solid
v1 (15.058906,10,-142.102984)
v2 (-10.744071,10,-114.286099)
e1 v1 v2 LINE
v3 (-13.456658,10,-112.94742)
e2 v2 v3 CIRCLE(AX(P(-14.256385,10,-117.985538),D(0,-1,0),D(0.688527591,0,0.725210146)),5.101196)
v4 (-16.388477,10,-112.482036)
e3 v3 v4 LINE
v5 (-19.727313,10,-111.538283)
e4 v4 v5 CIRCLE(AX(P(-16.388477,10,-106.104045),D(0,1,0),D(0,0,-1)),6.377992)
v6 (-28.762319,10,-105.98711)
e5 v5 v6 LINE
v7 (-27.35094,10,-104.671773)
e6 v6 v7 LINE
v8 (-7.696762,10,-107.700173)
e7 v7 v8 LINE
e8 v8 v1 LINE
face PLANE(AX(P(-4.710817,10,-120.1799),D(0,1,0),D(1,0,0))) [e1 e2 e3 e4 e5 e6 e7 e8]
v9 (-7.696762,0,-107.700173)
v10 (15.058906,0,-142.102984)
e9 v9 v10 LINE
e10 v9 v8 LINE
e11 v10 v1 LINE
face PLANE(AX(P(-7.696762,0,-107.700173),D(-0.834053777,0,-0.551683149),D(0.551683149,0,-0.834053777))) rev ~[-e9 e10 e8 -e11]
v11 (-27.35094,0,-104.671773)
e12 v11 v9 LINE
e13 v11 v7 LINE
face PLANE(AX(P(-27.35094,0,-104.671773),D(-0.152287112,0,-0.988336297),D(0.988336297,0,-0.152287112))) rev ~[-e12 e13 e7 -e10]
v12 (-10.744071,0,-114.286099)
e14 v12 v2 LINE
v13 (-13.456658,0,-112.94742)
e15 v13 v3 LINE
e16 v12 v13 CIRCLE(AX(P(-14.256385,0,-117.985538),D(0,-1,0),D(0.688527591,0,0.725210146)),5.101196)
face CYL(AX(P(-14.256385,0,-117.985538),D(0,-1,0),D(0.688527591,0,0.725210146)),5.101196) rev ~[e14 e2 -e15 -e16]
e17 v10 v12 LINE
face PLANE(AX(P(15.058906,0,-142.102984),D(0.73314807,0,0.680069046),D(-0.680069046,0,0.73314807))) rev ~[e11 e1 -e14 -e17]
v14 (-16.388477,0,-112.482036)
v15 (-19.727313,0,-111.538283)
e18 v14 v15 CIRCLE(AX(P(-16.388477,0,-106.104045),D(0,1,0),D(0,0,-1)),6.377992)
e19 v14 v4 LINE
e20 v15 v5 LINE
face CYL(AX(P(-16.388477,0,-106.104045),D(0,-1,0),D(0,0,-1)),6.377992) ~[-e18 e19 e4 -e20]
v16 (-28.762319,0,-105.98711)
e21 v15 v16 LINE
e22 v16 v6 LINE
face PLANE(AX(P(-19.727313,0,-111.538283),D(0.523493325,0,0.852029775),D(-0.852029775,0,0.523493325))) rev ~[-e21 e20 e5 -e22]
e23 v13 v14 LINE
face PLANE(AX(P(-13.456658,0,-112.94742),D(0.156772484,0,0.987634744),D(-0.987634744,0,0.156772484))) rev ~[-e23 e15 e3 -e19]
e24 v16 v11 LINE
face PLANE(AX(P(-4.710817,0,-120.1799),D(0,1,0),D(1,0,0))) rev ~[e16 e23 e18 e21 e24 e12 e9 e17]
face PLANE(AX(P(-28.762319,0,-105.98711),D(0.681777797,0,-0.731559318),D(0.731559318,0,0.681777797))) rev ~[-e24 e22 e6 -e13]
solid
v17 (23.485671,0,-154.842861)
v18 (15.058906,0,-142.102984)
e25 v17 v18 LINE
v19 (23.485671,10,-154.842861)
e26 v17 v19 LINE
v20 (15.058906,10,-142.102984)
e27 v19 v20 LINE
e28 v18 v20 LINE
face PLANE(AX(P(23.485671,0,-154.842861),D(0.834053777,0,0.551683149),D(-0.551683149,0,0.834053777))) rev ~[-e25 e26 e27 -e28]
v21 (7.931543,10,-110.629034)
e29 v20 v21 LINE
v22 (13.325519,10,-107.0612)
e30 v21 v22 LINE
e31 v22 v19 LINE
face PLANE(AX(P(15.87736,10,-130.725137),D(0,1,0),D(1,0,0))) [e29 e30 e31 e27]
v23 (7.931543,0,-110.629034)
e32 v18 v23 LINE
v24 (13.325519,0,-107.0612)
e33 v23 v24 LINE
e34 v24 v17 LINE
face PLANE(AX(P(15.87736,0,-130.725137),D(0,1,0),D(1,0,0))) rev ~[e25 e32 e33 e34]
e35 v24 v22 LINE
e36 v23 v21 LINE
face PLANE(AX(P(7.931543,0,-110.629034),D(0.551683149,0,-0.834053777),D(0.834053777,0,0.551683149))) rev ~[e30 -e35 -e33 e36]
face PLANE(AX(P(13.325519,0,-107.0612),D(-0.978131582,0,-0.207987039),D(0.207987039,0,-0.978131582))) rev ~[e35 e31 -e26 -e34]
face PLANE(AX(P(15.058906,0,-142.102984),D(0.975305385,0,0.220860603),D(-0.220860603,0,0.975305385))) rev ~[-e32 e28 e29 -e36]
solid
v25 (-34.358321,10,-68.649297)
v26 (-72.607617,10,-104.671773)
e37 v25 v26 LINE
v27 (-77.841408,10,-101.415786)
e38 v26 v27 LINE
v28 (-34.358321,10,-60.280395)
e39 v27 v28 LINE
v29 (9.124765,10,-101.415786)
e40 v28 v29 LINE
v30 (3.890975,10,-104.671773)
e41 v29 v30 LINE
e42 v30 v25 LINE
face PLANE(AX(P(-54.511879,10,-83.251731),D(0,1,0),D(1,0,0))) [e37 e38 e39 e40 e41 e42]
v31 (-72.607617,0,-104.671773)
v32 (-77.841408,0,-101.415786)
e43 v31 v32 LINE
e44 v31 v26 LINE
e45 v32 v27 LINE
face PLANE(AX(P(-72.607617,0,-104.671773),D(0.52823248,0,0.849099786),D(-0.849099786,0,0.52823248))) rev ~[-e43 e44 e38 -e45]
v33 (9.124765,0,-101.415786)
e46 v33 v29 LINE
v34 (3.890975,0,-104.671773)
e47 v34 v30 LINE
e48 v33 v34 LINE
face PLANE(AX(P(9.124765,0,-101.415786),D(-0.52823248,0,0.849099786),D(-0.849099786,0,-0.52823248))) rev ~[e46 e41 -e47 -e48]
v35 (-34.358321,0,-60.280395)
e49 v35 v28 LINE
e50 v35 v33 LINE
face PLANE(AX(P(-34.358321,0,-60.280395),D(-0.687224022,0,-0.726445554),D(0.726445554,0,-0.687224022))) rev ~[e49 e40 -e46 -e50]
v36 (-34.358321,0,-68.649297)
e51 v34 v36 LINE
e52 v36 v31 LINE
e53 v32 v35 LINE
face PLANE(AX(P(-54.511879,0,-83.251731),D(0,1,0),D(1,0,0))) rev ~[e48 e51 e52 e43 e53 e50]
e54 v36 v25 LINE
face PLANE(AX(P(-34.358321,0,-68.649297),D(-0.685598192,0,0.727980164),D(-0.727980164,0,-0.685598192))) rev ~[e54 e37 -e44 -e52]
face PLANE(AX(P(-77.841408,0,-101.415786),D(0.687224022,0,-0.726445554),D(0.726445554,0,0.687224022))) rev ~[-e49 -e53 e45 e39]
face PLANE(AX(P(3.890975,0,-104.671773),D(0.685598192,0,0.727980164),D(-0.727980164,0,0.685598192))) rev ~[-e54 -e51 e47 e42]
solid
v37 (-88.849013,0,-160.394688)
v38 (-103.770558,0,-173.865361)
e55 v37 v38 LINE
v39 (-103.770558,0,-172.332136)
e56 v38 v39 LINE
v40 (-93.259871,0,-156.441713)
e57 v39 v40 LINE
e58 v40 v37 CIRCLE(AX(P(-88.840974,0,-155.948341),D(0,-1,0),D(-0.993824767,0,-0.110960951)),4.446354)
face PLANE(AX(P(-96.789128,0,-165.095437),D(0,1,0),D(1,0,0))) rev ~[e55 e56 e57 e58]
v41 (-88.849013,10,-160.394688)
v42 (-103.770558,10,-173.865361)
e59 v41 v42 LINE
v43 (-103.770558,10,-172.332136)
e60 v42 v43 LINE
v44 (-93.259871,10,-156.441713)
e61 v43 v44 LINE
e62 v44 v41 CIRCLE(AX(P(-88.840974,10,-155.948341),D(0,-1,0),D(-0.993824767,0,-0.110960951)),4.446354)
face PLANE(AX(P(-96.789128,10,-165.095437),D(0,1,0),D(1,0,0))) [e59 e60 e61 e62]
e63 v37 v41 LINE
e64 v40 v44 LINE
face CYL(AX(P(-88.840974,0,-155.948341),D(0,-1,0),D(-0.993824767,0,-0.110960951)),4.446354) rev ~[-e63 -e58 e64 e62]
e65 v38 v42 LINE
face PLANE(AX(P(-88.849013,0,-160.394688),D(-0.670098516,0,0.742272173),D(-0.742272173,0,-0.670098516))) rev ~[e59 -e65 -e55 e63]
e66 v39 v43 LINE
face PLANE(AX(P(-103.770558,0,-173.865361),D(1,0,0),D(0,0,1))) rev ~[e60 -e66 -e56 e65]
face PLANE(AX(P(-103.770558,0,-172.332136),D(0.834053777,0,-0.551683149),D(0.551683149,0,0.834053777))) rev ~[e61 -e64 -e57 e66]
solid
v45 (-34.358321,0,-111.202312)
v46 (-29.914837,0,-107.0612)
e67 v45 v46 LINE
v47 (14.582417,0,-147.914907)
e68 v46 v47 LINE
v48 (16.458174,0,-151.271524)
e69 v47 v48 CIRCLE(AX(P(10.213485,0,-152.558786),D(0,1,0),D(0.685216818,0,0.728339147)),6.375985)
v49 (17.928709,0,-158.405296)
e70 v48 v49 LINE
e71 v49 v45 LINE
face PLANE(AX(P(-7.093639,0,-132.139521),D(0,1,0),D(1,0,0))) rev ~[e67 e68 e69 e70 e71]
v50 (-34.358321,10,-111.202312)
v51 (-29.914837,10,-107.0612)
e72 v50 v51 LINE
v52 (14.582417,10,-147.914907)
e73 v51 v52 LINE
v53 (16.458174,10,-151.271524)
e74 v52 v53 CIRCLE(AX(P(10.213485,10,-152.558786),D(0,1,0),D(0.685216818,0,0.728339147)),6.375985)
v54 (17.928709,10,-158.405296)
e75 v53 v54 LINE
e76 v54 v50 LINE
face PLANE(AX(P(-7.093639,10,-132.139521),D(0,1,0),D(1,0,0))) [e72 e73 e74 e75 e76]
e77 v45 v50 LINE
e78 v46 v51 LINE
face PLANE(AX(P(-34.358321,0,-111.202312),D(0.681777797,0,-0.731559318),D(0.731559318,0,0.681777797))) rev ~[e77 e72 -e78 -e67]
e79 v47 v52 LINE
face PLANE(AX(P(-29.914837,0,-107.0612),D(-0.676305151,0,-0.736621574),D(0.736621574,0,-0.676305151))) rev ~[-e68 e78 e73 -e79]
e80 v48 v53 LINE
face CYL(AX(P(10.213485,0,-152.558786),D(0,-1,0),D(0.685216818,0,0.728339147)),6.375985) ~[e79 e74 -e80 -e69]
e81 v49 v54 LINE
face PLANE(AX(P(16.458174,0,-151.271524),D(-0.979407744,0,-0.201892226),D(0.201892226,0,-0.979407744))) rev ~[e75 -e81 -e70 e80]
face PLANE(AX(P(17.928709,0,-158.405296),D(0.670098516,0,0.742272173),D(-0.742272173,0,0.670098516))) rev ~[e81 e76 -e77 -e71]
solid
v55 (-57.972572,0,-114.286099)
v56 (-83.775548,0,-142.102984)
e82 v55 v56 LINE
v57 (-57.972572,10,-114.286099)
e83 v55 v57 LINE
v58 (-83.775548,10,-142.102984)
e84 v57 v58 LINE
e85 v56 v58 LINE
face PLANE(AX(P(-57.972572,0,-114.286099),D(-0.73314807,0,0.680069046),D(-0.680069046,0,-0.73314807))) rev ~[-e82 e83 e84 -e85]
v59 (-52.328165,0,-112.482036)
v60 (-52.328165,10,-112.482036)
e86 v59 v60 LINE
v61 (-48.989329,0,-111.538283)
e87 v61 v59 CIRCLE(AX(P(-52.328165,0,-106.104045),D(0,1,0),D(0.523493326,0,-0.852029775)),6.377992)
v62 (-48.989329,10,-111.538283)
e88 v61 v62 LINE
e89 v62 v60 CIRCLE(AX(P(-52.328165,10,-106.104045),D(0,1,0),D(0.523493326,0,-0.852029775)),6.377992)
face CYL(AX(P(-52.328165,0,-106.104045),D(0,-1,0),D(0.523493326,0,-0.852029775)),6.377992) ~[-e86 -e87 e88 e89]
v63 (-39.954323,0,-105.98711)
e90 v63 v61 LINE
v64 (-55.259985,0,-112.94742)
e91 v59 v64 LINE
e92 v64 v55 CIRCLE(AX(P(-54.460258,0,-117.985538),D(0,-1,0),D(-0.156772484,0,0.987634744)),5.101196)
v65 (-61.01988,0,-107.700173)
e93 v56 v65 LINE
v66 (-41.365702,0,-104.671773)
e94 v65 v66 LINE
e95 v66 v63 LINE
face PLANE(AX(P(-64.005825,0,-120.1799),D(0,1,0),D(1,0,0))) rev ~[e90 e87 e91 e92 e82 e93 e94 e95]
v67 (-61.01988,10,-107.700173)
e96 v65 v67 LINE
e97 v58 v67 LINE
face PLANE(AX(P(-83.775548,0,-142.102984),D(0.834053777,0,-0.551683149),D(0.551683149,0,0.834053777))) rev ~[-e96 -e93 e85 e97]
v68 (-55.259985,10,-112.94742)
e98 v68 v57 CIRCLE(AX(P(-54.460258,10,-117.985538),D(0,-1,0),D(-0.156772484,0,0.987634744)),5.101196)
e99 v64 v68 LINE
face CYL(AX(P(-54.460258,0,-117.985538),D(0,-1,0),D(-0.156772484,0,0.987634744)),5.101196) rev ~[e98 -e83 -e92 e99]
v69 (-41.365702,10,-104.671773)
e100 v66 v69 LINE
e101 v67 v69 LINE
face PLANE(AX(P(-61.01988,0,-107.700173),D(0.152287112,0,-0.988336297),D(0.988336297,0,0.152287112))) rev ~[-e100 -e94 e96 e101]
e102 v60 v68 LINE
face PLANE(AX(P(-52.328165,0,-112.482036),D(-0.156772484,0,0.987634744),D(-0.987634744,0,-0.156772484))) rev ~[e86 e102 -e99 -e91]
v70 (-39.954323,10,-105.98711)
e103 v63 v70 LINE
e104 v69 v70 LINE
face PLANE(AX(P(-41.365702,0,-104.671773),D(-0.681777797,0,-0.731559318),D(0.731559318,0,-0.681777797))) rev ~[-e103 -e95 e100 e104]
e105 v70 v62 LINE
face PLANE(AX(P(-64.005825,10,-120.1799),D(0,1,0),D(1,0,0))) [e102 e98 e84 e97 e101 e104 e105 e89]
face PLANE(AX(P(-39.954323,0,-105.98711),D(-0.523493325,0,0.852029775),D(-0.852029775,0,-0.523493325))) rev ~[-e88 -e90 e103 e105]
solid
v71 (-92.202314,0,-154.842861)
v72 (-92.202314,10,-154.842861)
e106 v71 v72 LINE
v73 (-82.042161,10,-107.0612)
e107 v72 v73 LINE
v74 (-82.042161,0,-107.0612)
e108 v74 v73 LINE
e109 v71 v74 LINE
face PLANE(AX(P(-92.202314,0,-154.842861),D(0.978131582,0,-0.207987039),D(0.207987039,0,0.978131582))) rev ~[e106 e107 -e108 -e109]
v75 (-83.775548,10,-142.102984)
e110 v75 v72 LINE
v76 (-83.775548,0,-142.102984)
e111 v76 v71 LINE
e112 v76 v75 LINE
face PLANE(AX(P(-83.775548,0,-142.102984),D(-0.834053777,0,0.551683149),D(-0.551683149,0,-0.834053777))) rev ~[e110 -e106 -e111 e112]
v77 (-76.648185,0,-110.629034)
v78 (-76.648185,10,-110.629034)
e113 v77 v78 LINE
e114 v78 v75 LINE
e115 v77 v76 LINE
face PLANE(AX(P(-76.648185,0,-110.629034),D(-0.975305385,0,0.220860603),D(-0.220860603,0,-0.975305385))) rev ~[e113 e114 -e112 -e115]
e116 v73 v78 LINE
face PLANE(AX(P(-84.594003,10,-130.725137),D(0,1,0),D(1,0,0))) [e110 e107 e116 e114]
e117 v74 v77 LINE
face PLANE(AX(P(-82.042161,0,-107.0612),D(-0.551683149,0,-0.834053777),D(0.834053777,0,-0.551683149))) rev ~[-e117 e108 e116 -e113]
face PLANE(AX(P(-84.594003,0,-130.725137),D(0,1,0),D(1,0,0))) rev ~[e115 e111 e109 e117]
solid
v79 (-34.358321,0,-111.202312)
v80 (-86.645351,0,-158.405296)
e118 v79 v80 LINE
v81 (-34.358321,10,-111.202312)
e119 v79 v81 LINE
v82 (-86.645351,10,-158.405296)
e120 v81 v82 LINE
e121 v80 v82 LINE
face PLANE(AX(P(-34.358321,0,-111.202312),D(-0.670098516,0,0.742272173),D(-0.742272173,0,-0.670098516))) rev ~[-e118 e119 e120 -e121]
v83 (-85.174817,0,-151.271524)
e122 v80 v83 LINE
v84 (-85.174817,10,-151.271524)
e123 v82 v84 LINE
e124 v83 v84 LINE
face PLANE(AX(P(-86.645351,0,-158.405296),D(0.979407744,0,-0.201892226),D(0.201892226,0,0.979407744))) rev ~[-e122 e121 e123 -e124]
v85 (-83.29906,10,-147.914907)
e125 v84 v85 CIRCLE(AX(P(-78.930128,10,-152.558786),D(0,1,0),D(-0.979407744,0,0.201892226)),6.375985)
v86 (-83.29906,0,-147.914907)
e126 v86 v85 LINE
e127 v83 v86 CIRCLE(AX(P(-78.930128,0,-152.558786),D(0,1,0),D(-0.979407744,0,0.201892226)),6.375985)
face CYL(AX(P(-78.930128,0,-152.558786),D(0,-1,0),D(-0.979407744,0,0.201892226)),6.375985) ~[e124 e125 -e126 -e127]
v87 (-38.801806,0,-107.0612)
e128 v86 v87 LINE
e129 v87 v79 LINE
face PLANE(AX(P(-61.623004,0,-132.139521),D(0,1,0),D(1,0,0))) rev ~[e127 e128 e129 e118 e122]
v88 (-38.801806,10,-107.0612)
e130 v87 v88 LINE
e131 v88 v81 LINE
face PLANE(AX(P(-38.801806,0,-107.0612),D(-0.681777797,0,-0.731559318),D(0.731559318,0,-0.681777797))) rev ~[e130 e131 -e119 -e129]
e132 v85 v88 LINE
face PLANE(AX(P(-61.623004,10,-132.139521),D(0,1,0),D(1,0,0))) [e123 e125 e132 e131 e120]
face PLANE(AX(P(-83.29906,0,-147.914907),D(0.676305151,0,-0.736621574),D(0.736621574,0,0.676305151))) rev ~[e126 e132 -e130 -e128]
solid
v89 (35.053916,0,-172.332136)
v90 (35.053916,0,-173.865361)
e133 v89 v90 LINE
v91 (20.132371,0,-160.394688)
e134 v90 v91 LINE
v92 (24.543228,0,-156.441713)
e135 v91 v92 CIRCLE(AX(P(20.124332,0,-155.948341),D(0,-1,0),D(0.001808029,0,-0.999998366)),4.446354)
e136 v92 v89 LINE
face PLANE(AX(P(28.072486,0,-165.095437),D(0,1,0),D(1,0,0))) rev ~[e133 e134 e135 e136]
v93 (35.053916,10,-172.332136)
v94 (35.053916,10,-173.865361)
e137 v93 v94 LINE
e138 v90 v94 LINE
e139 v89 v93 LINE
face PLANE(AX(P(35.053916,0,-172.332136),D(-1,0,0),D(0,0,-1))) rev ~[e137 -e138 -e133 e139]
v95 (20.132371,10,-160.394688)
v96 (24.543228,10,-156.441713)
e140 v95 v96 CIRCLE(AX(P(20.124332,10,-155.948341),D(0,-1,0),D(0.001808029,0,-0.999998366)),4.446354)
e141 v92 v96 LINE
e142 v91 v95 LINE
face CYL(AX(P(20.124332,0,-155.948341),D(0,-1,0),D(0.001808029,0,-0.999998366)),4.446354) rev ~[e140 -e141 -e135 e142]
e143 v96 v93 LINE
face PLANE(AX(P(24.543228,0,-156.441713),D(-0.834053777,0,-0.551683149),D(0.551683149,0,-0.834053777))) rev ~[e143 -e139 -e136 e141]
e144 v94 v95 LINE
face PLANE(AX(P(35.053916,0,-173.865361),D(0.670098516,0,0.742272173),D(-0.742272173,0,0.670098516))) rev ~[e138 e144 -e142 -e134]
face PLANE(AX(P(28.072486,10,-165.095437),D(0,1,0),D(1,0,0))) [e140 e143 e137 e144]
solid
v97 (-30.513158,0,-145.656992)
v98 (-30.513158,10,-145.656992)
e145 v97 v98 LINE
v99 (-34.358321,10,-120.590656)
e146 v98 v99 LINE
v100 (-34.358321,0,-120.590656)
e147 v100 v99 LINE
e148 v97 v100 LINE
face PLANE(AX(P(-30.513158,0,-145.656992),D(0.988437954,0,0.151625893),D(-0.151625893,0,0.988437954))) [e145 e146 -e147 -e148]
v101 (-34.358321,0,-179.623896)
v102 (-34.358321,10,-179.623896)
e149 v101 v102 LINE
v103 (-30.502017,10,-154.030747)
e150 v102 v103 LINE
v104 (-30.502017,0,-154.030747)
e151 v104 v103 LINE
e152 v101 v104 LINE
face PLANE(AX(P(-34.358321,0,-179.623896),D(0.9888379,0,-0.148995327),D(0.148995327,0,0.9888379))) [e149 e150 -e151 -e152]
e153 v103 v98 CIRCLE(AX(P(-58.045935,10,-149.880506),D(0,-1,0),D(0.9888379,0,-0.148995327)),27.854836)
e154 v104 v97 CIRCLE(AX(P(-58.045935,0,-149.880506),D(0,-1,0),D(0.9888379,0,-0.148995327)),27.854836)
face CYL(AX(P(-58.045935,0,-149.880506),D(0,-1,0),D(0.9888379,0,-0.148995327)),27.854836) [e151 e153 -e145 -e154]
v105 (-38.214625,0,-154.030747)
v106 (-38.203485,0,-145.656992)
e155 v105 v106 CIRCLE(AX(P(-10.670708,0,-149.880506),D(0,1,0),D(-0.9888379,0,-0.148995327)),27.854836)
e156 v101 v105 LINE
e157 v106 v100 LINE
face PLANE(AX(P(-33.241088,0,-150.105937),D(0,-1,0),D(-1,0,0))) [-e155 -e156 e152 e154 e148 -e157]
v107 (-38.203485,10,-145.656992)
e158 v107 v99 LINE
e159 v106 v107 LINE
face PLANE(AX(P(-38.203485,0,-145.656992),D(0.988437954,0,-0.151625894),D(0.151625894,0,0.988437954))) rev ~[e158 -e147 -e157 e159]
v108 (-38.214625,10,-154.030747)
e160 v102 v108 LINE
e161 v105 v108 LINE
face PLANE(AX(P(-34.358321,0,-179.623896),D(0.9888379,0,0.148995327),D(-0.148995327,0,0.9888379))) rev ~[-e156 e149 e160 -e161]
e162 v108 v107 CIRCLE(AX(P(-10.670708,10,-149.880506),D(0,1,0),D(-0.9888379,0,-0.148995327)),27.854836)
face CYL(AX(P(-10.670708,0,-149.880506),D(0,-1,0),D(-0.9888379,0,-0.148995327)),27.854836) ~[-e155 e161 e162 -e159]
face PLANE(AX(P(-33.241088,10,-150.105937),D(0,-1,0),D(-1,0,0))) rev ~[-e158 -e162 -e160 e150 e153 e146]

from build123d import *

# Parameters (mm, degrees)
BOSS_EXTRUDE1_DEPTH = 10


with BuildPart() as part:
    # Sketch1 → Boss-Extrude1 (new body)
    with BuildSketch(Plane(origin=(0, 0, 0), x_dir=(1, 0, 0), z_dir=(0, 1, 0))):
        with BuildLine():
            Line((-38.80180608, 107.061199976), (-34.358321309, 111.202312229))
            Line((-34.358321309, 111.202312229), (-86.645351215, 158.405295793))
            Line((-86.645351215, 158.405295793), (-85.174816603, 151.271524399))
            ThreePointArc((-85.174816603, 151.271524399), (-84.49600208, 149.448444582), (-83.299059708, 147.914906799))
            Line((-83.299059708, 147.914906799), (-38.80180608, 107.061199976))
        make_face()
        with BuildLine():
            ThreePointArc((-93.259871061, 156.441713091), (-91.80845524, 159.259552882), (-88.849013307, 160.3946883))
            Line((-88.849013307, 160.3946883), (-103.770558364, 173.865360612))
            Line((-103.770558364, 173.865360612), (-103.770558364, 172.332135816))
            Line((-103.770558364, 172.332135816), (-93.259871061, 156.441713091))
        make_face()
        with BuildLine():
            Line((-41.36570241, 104.671772971), (-39.954323301, 105.987109835))
            Line((-39.954323301, 105.987109835), (-48.989329139, 111.538283499))
            ThreePointArc((-48.989329139, 111.538283499), (-50.593338483, 112.241564878), (-52.328165313, 112.482036388))
            Line((-52.328165313, 112.482036388), (-55.25998468, 112.947419576))
            ThreePointArc((-55.25998468, 112.947419576), (-56.71778726, 113.411069709), (-57.972571628, 114.286098849))
            Line((-57.972571628, 114.286098849), (-83.775548308, 142.102984))
            Line((-83.775548308, 142.102984), (-61.019880213, 107.700173319))
            Line((-61.019880213, 107.700173319), (-41.36570241, 104.671772971))
        make_face()
        Polygon((-83.775548308, 142.102984), (-92.202313911, 154.8428614), (-82.042161158, 107.061199976), (-76.648185291, 110.629034176), align=None)
        Polygon((-34.358321309, 60.280395364), (-34.358321309, 68.649296695), (-72.607617289, 104.671772971), (-77.841407623, 101.415785755), align=None)
        Polygon((3.89097467, 104.671772971), (-34.358321309, 68.649296695), (-34.358321309, 60.280395364), (9.124765004, 101.415785755), align=None)
        Polygon((13.325518539, 107.061199976), (23.485671292, 154.8428614), (15.058905689, 142.102984), (7.931542673, 110.629034176), align=None)
        with BuildLine():
            Line((35.053915745, 173.865360612), (20.132370689, 160.3946883))
            ThreePointArc((20.132370689, 160.3946883), (23.091812622, 159.259552882), (24.543228442, 156.441713091))
            Line((24.543228442, 156.441713091), (35.053915745, 172.332135816))
            Line((35.053915745, 172.332135816), (35.053915745, 173.865360612))
        make_face()
        with BuildLine():
            Line((17.928708597, 158.405295793), (-34.358321309, 111.202312229))
            Line((-34.358321309, 111.202312229), (-29.914836539, 107.061199976))
            Line((-29.914836539, 107.061199976), (14.58241709, 147.914906799))
            ThreePointArc((14.58241709, 147.914906799), (15.779359461, 149.448444582), (16.458173984, 151.271524399))
            Line((16.458173984, 151.271524399), (17.928708597, 158.405295793))
        make_face()
        with BuildLine():
            Line((-19.72731348, 111.538283499), (-28.762319318, 105.987109835))
            Line((-28.762319318, 105.987109835), (-27.350940209, 104.671772971))
            Line((-27.350940209, 104.671772971), (-7.696762406, 107.700173319))
            Line((-7.696762406, 107.700173319), (15.058905689, 142.102984))
            Line((15.058905689, 142.102984), (-10.744070991, 114.286098849))
            ThreePointArc((-10.744070991, 114.286098849), (-11.998855359, 113.411069709), (-13.456657938, 112.947419576))
            Line((-13.456657938, 112.947419576), (-16.388477306, 112.482036388))
            ThreePointArc((-16.388477306, 112.482036388), (-18.123304135, 112.241564878), (-19.72731348, 111.538283499))
        make_face()
        with BuildLine():
            ThreePointArc((-30.502017254, 154.03074681), (-30.191123443, 149.843448403), (-30.513157693, 145.656992043))
            Line((-30.513157693, 145.656992043), (-34.358321309, 120.590655623))
            Line((-34.358321309, 120.590655623), (-34.358321309, 179.623895831))
            Line((-34.358321309, 179.623895831), (-30.502017254, 154.03074681))
        make_face()
        with BuildLine():
            Line((-34.358321309, 179.623895831), (-38.214625364, 154.03074681))
            ThreePointArc((-38.214625364, 154.03074681), (-38.525519176, 149.843448403), (-38.203484926, 145.656992043))
            Line((-38.203484926, 145.656992043), (-34.358321309, 120.590655623))
            Line((-34.358321309, 120.590655623), (-34.358321309, 179.623895831))
        make_face()
    extrude(amount=BOSS_EXTRUDE1_DEPTH)


solid = part.part
